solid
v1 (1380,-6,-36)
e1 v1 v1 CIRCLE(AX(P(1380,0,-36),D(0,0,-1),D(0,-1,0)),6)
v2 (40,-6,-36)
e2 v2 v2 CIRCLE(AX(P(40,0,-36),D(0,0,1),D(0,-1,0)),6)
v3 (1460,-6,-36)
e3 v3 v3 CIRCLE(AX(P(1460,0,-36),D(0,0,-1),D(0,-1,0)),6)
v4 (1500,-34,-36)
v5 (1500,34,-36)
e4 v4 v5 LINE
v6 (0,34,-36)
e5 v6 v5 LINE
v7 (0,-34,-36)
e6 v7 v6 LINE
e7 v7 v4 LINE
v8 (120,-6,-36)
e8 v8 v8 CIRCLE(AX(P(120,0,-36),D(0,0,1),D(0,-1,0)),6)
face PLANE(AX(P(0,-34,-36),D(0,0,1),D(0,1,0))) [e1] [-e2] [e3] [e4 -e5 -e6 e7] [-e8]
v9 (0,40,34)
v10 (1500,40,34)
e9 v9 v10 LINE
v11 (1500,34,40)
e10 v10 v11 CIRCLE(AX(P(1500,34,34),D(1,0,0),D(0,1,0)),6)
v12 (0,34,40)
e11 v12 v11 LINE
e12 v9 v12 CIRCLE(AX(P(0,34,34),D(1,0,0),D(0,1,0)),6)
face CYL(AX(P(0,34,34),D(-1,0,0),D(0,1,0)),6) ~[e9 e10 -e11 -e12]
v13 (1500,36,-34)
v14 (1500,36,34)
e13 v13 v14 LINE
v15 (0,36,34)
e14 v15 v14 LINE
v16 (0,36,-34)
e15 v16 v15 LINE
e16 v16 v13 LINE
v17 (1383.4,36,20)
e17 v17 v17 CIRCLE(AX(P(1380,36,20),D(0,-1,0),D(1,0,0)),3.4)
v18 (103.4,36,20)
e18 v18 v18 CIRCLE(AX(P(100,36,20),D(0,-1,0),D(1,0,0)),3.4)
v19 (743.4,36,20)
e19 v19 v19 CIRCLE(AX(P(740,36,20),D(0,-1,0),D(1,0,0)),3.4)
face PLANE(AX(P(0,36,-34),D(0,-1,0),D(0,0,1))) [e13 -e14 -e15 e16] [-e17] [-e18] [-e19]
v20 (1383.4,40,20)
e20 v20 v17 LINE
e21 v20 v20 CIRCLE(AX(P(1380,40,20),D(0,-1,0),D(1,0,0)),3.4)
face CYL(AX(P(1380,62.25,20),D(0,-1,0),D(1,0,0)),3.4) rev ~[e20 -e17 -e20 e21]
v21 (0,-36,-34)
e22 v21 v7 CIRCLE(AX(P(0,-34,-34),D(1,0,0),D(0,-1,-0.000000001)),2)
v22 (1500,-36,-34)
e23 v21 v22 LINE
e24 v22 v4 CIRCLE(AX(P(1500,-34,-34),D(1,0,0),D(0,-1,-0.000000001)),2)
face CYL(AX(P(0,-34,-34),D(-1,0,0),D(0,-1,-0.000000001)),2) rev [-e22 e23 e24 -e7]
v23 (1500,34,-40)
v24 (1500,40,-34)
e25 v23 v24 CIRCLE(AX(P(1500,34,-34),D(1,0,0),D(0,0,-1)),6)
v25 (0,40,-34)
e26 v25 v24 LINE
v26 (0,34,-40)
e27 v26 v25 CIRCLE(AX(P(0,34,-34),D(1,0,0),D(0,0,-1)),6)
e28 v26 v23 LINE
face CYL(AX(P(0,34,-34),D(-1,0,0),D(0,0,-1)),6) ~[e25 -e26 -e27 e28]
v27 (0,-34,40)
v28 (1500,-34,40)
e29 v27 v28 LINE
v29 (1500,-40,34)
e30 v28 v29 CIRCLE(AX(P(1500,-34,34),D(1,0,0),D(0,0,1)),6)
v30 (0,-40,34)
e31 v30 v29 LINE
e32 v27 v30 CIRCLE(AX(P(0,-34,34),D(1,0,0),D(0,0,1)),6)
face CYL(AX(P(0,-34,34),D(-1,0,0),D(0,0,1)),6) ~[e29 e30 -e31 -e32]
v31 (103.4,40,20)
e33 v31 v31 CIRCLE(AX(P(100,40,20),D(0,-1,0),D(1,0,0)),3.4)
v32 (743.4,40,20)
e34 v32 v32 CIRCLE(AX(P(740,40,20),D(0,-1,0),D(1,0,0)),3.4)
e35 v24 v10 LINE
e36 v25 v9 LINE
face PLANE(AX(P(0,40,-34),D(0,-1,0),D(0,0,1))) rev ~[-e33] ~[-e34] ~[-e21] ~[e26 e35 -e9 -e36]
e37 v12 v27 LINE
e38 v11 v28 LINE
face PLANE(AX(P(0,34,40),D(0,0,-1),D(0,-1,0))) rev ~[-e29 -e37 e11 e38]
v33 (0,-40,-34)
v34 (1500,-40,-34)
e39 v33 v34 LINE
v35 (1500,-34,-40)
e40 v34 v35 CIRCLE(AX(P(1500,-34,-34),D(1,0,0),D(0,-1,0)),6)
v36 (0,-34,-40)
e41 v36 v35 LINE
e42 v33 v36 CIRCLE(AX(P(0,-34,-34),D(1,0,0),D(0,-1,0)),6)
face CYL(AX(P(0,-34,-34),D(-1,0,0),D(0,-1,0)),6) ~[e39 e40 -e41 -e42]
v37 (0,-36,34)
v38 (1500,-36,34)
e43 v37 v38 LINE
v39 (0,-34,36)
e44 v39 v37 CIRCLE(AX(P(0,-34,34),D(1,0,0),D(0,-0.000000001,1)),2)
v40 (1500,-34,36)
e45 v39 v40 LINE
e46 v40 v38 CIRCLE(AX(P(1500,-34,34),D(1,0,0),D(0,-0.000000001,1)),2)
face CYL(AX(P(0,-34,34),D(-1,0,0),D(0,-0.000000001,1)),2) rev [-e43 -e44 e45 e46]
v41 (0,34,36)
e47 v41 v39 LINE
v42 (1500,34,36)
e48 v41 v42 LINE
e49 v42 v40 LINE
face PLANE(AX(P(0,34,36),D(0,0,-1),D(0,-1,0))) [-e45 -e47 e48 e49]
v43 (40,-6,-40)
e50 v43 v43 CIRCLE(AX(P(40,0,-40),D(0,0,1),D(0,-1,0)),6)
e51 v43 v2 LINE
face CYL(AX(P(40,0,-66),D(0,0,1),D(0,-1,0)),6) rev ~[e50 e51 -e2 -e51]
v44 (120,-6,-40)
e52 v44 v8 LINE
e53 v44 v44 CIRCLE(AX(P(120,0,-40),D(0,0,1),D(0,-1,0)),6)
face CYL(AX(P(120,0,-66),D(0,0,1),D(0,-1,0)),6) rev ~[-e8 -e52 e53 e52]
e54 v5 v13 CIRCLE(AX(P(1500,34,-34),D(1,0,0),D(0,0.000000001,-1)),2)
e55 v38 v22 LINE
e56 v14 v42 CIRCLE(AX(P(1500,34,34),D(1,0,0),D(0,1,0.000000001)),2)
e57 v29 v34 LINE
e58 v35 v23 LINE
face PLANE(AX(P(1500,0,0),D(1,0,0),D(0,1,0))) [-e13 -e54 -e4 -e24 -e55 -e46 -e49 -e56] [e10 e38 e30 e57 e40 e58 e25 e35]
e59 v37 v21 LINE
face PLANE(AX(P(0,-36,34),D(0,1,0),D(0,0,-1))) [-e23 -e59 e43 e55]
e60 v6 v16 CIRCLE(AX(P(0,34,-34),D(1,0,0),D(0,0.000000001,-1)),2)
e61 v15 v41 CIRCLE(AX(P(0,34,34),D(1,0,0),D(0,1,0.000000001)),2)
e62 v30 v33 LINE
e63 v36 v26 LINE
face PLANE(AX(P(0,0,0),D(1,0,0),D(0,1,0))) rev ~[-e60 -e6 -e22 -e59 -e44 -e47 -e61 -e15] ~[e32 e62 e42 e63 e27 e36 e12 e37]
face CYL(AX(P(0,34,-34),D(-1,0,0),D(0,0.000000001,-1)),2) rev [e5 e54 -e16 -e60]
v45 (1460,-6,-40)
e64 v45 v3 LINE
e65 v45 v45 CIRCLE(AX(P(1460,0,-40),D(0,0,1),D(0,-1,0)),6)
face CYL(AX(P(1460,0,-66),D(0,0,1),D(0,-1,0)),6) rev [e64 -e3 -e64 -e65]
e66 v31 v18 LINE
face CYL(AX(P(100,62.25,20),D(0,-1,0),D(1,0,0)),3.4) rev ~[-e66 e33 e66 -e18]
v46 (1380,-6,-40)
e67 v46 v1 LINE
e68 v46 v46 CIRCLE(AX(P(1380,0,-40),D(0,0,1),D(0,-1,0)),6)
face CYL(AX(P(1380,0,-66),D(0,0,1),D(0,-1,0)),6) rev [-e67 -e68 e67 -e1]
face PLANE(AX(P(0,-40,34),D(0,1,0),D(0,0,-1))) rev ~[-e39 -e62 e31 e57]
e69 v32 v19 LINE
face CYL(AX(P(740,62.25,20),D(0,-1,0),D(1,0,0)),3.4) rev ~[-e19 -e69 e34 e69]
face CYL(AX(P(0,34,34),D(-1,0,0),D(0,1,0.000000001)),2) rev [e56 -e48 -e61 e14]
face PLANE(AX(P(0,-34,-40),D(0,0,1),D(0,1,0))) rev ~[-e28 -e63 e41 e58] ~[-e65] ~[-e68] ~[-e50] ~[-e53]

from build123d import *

# Parameters (mm, degrees)
MEMBER_1_DEPTH               = 1500
HOLE_WIZARD_M10_1_AT_2_COUNT = 2
HOLE_WIZARD_M10_1_AT_2_PITCH = 80
HOLE_WIZARD_M8_2_D           = 6.8
HOLE_WIZARD_M8_2_DEPTH       = 22.25
HOLE_WIZARD_M8_2_TIP         = 2.042926105


with BuildPart() as part:
    # Sketch11 → Member 1 (new body)
    with BuildSketch(Plane.YZ):
        with BuildLine():
            Line((-34, -40), (34, -40))
            ThreePointArc((34, -40), (38.242640687, -38.242640687), (40, -34))
            Line((40, -34), (40, 34))
            ThreePointArc((40, 34), (38.242640687, 38.242640687), (34, 40))
            Line((34, 40), (-34, 40))
            ThreePointArc((-34, 40), (-38.242640687, 38.242640687), (-40, 34))
            Line((-40, 34), (-40, -34))
            ThreePointArc((-40, -34), (-38.242640687, -38.242640687), (-34, -40))
        make_face()
        with BuildLine():
            Line((-34, -36), (34, -36))
            ThreePointArc((34, -36), (35.414213562, -35.414213562), (36, -34))
            Line((36, -34), (36, 34))
            ThreePointArc((36, 34), (35.414213562, 35.414213562), (34, 36))
            Line((34, 36), (-34, 36))
            ThreePointArc((-34, 36), (-35.414213562, 35.414213562), (-36, 34))
            Line((-36, 34), (-36, -34))
            ThreePointArc((-36, -34), (-35.414213562, -35.414213562), (-34, -36))
        make_face(mode=Mode.SUBTRACT)
    extrude(amount=MEMBER_1_DEPTH)

    # 草图4 → M10 间隙孔1 (revolve, cut)
    with BuildSketch(Plane(origin=(1380, 0, -36), x_dir=(0, -1, 0), z_dir=(1, 0, 0))):
        Polygon((0, 0), (0, 33.605163714), (6, 30), (6, 0), align=None)
    hole_wizard_m10_1 = revolve(axis=Axis((1380, 0, -29.65), (0, 0, -1)), mode=Mode.SUBTRACT)

    # M10 间隙孔1 at 2: M10 间隙孔1 ×2
    with Locations(*[(i * HOLE_WIZARD_M10_1_AT_2_PITCH, 0, 0) for i in range(1, HOLE_WIZARD_M10_1_AT_2_COUNT)]):
        add(hole_wizard_m10_1, mode=Mode.SUBTRACT)

    # 镜向1: M10 间隙孔1 across plane
    add(hole_wizard_m10_1.mirror(Plane.ZY.offset(-750)), mode=Mode.SUBTRACT)

    # 镜向1 copy 1 sketch → 镜向1 copy 1 (revolve, cut)
    with BuildSketch(Plane(origin=(40, 0, -36), x_dir=(0, -1, 0), z_dir=(-1, 0, 0))):
        Polygon((0, 0), (0, -33.605163714), (6, -30), (6, 0), align=None)
    revolve(axis=Axis((40, 0, -29.65), (0, 0, 1)), mode=Mode.SUBTRACT)

    # M8 螺纹孔2
    with Locations(Plane(origin=(0, 40, 0), x_dir=(-1, 0, 0), z_dir=(0, 1, 0))):
        with Locations((-100.000000009, 20), (-740.000000009, 20), (-1380.000000009, 20), (-1580.000000007, 20), (-2220.000000007, 20), (-2860.000000007, 20)):
            Hole(HOLE_WIZARD_M8_2_D / 2, depth=HOLE_WIZARD_M8_2_DEPTH)
            with Locations((0, 0, -(HOLE_WIZARD_M8_2_DEPTH + HOLE_WIZARD_M8_2_TIP / 2))):  # 118° drill point
                Cone(0, HOLE_WIZARD_M8_2_D / 2, HOLE_WIZARD_M8_2_TIP, mode=Mode.SUBTRACT)


solid = part.part
